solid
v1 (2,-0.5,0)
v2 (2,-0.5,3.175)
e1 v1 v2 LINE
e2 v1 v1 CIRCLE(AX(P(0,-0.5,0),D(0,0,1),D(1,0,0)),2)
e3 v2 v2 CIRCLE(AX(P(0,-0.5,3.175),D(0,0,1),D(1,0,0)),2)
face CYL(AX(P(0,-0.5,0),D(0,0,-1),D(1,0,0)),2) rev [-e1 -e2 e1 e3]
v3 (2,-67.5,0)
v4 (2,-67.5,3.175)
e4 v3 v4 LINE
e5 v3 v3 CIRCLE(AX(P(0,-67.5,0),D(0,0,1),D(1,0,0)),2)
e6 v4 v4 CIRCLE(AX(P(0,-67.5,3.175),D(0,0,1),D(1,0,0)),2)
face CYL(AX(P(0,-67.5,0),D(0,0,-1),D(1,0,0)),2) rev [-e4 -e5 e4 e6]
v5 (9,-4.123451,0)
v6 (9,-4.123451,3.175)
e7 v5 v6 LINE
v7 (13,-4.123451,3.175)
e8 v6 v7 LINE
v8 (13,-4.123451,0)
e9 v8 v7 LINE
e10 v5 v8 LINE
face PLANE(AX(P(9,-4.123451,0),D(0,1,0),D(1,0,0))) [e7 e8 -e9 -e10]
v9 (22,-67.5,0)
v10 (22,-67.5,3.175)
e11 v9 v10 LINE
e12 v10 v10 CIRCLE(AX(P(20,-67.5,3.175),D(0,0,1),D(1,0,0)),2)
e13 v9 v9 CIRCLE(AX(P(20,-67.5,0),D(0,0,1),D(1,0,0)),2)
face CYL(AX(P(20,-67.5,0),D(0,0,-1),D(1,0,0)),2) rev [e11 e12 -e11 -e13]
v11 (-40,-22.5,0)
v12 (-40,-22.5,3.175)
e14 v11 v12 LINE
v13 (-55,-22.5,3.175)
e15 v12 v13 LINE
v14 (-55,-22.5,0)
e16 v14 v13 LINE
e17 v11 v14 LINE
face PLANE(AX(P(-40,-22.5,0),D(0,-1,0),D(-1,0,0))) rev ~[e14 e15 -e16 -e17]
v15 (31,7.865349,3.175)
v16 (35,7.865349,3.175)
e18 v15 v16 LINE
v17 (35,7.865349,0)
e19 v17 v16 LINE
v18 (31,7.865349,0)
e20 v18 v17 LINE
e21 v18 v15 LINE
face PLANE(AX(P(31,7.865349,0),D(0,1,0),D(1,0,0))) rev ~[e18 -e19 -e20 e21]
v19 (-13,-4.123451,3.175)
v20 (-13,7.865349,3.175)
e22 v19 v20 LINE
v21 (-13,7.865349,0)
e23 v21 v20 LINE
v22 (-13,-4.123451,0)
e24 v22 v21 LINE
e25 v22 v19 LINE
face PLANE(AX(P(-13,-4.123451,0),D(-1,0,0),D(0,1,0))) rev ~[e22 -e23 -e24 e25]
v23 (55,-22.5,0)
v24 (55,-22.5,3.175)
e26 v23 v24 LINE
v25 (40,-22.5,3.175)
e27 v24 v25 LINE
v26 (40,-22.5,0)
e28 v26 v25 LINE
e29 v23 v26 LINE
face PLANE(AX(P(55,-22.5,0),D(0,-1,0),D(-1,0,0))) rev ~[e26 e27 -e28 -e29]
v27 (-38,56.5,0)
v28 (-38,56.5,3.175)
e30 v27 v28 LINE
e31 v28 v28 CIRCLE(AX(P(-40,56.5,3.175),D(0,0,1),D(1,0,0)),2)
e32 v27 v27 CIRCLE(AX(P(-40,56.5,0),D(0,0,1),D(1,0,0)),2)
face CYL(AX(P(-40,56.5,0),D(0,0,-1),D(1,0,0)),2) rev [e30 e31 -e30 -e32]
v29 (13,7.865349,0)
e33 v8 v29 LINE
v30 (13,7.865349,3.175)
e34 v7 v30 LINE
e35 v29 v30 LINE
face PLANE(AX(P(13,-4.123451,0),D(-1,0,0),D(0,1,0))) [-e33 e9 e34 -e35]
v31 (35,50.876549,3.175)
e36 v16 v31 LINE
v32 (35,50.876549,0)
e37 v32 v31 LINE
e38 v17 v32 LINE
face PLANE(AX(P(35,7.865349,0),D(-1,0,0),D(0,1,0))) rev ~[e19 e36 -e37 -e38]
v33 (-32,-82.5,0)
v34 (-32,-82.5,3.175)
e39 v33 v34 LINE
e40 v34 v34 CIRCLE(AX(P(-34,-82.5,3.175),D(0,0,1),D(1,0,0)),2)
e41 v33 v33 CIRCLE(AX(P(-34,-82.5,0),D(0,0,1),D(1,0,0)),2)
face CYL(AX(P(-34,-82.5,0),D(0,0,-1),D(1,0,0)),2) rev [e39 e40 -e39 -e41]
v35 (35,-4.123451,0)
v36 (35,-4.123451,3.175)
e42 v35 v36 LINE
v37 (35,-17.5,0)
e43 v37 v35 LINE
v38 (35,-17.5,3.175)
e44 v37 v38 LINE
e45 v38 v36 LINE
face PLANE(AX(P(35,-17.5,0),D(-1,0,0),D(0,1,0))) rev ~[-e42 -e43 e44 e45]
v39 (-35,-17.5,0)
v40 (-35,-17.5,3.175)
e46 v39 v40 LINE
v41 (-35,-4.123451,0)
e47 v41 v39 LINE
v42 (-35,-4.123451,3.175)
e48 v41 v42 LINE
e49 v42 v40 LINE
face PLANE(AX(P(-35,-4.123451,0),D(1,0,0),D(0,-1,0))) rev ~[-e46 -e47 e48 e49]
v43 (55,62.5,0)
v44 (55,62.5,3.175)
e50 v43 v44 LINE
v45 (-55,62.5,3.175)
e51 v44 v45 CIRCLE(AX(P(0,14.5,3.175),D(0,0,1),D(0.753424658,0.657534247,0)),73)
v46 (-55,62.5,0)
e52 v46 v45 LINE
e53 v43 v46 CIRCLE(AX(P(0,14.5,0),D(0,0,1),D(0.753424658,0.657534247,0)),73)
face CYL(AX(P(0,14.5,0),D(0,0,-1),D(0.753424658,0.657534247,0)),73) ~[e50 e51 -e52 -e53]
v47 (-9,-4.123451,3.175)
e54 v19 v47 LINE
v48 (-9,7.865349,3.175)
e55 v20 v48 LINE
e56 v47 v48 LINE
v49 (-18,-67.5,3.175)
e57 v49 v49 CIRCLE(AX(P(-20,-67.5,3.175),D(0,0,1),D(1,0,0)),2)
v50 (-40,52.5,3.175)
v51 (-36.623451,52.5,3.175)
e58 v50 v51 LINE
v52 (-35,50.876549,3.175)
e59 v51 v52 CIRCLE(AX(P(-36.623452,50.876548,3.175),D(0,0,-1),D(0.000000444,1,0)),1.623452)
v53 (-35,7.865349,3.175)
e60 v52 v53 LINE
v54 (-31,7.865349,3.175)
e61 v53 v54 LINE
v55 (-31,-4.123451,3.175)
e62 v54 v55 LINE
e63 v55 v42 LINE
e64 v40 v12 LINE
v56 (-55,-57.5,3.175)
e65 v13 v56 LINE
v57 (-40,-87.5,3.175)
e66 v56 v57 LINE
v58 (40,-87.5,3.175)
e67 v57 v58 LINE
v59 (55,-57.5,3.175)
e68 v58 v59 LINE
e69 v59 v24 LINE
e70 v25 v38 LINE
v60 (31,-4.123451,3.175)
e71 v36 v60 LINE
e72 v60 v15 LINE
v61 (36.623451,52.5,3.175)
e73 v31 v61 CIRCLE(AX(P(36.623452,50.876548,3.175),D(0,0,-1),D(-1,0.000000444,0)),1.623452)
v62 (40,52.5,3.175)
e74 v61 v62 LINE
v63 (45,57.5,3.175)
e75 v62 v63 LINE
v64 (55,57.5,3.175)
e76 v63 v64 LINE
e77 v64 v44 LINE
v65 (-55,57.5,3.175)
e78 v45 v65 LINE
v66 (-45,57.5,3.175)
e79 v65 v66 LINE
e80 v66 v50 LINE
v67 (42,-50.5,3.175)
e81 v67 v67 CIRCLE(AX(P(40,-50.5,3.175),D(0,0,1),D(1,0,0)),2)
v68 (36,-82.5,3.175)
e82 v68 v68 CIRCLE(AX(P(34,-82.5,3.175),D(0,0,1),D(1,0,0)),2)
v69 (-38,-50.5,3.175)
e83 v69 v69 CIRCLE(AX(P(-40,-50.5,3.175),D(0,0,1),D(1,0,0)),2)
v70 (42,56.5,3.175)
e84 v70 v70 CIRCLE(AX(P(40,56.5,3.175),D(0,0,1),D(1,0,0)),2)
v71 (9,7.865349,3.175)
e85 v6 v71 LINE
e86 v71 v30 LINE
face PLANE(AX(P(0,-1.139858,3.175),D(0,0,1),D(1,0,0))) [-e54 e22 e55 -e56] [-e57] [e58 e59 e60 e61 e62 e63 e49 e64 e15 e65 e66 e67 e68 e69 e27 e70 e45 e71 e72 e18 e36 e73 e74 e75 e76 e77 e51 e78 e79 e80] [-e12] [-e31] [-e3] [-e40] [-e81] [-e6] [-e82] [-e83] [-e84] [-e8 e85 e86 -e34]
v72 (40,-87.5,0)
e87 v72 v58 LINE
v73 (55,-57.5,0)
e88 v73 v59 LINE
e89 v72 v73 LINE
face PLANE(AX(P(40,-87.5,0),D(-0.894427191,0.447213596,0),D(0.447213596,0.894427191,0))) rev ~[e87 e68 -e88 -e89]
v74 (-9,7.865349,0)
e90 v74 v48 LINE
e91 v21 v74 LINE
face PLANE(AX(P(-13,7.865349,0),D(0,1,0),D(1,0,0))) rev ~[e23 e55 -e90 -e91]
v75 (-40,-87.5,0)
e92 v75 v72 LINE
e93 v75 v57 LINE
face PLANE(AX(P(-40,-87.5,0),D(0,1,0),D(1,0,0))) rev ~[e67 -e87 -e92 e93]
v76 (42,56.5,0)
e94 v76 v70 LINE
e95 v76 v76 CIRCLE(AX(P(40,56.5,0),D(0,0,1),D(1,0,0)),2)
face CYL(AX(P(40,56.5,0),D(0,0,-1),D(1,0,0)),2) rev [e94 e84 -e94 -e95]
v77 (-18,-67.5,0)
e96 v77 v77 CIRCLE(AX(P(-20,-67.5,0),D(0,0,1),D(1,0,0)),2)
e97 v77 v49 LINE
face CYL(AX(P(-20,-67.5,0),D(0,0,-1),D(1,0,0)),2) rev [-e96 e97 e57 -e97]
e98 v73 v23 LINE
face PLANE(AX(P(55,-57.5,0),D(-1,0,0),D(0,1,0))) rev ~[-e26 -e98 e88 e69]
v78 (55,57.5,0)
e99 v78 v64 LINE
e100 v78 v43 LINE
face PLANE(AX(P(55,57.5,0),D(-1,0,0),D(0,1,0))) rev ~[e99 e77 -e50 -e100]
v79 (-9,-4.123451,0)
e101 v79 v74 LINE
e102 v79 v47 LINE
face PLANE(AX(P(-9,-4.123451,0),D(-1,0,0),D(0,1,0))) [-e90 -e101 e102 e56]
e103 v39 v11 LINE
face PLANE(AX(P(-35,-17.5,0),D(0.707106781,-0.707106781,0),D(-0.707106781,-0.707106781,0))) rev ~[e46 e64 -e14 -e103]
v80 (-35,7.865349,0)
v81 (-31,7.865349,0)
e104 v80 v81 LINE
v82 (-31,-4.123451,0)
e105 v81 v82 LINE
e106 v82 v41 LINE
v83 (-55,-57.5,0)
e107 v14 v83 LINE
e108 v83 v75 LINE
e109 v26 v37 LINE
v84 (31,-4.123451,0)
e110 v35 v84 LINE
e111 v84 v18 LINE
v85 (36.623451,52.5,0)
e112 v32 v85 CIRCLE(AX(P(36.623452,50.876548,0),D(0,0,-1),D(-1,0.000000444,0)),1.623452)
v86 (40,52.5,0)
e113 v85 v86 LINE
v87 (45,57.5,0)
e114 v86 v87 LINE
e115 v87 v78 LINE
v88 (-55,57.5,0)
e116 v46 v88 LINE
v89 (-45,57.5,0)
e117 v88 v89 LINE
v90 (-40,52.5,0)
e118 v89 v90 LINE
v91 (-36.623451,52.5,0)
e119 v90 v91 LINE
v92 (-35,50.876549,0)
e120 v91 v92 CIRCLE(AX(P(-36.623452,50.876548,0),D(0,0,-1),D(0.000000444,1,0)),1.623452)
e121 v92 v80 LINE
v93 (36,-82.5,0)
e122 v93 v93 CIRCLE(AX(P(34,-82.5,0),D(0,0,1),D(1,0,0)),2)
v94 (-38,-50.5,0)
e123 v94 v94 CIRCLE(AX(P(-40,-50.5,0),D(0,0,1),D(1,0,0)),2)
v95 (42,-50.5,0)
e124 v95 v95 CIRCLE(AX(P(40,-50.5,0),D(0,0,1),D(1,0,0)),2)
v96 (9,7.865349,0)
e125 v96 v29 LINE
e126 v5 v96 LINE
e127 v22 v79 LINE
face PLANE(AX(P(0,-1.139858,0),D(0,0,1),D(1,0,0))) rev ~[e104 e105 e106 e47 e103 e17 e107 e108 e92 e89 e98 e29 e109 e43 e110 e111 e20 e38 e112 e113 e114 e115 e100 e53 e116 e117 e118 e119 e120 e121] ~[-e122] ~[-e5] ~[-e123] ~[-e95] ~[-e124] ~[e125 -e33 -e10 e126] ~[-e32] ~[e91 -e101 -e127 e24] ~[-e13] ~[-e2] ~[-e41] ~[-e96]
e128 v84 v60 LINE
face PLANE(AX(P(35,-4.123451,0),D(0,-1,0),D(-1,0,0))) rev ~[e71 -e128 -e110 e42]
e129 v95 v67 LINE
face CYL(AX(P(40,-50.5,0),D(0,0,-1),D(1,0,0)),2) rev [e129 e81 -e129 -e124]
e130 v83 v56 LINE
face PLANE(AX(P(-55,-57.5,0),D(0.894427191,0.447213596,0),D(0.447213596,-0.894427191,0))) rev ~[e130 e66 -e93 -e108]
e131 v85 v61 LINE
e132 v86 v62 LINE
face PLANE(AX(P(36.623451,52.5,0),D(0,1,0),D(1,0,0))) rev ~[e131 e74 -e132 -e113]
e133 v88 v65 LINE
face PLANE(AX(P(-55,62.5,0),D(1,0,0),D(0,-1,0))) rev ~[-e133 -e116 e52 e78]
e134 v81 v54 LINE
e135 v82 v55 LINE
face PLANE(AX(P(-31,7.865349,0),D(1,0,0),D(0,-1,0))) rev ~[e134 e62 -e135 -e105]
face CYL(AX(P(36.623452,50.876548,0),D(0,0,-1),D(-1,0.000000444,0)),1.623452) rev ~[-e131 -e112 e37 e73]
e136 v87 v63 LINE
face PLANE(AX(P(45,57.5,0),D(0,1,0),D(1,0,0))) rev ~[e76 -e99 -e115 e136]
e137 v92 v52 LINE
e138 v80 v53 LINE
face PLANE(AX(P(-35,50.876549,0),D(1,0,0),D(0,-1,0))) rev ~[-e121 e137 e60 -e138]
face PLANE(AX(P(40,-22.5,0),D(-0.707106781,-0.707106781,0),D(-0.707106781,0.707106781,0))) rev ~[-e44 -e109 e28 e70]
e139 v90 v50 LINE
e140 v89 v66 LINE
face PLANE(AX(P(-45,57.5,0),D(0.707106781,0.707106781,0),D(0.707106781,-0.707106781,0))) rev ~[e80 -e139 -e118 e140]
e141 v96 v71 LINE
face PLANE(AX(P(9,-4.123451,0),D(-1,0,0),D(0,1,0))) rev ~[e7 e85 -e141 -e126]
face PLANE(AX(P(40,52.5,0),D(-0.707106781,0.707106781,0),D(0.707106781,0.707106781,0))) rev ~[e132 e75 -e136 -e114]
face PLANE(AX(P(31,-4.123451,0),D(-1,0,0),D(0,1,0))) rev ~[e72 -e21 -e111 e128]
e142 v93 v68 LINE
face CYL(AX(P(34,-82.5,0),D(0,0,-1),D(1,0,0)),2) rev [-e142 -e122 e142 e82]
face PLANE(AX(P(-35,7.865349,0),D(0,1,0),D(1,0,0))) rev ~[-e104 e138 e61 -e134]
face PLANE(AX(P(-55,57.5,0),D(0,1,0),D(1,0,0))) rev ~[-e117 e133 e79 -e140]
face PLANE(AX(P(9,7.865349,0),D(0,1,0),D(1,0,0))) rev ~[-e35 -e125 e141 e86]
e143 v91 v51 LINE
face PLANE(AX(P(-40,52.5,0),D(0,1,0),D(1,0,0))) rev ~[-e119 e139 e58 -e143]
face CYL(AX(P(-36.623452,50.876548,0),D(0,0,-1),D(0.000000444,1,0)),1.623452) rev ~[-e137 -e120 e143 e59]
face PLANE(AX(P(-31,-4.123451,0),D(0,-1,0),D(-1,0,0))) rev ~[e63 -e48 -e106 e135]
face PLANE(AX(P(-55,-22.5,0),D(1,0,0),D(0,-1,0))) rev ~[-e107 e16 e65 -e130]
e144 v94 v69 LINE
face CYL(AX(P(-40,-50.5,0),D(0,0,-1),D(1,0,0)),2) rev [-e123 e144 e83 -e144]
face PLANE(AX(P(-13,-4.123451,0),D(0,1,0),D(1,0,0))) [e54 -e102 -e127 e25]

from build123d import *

# Parameters (mm, degrees)
F0_R     = 2
F0_W     = 4
F0_H     = 11.9888
F1_DEPTH = 3.175


with BuildPart() as f1:
    # F0 (on Top) → F1 (new body)
    with BuildSketch(Plane.XY):
        with BuildLine():
            Line((-55, -57.5), (-40, -87.5))
            Line((-40, -87.5), (40, -87.5))
            Line((40, -87.5), (55, -57.5))
            Line((55, -57.5), (55, -22.5))
            Line((55, -22.5), (40, -22.5))
            Line((40, -22.5), (35, -17.5))
            Line((35, -17.5), (35, -4.123451))
            Line((35, -4.123451), (31, -4.123451))
            Line((31, -4.123451), (31, 7.865349))
            Line((31, 7.865349), (35, 7.865349))
            Line((35, 7.865349), (35, 50.876549))
            ThreePointArc((35, 50.876549), (35.475498, 52.024502), (36.623451, 52.5))
            Line((36.623451, 52.5), (40, 52.5))
            Line((40, 52.5), (45, 57.5))
            Line((45, 57.5), (55, 57.5))
            Line((55, 57.5), (55, 62.5))
            ThreePointArc((55, 62.5), (0, 87.5), (-55, 62.5))
            Line((-55, 62.5), (-55, 57.5))
            Line((-55, 57.5), (-45, 57.5))
            Line((-45, 57.5), (-40, 52.5))
            Line((-40, 52.5), (-36.623451, 52.5))
            ThreePointArc((-36.623451, 52.5), (-35.475498, 52.024502), (-35, 50.876549))
            Line((-35, 50.876549), (-35, 7.865349))
            Line((-35, 7.865349), (-31, 7.865349))
            Line((-31, 7.865349), (-31, -4.123451))
            Line((-31, -4.123451), (-35, -4.123451))
            Line((-35, -4.123451), (-35, -17.5))
            Line((-35, -17.5), (-40, -22.5))
            Line((-40, -22.5), (-55, -22.5))
            Line((-55, -22.5), (-55, -57.5))
        make_face()
        with Locations((-34, -82.5)):
            Circle(F0_R, mode=Mode.SUBTRACT)
        with Locations((-40, -50.5)):
            Circle(F0_R, mode=Mode.SUBTRACT)
        with Locations((-20, -67.5)):
            Circle(F0_R, mode=Mode.SUBTRACT)
        with Locations((0, -67.5)):
            Circle(F0_R, mode=Mode.SUBTRACT)
        with Locations((20, -67.5)):
            Circle(F0_R, mode=Mode.SUBTRACT)
        with Locations((34, -82.5)):
            Circle(F0_R, mode=Mode.SUBTRACT)
        with Locations((40, -50.5)):
            Circle(F0_R, mode=Mode.SUBTRACT)
        with Locations((0, -0.5)):
            Circle(F0_R, mode=Mode.SUBTRACT)
        with Locations((-11, 1.870949)):
            Rectangle(F0_W, F0_H, mode=Mode.SUBTRACT)
        with Locations((-40, 56.5)):
            Circle(F0_R, mode=Mode.SUBTRACT)
        with Locations((11, 1.870949)):
            Rectangle(F0_W, F0_H, mode=Mode.SUBTRACT)
        with Locations((40, 56.5)):
            Circle(F0_R, mode=Mode.SUBTRACT)
    extrude(amount=F1_DEPTH)


solid = f1.part
